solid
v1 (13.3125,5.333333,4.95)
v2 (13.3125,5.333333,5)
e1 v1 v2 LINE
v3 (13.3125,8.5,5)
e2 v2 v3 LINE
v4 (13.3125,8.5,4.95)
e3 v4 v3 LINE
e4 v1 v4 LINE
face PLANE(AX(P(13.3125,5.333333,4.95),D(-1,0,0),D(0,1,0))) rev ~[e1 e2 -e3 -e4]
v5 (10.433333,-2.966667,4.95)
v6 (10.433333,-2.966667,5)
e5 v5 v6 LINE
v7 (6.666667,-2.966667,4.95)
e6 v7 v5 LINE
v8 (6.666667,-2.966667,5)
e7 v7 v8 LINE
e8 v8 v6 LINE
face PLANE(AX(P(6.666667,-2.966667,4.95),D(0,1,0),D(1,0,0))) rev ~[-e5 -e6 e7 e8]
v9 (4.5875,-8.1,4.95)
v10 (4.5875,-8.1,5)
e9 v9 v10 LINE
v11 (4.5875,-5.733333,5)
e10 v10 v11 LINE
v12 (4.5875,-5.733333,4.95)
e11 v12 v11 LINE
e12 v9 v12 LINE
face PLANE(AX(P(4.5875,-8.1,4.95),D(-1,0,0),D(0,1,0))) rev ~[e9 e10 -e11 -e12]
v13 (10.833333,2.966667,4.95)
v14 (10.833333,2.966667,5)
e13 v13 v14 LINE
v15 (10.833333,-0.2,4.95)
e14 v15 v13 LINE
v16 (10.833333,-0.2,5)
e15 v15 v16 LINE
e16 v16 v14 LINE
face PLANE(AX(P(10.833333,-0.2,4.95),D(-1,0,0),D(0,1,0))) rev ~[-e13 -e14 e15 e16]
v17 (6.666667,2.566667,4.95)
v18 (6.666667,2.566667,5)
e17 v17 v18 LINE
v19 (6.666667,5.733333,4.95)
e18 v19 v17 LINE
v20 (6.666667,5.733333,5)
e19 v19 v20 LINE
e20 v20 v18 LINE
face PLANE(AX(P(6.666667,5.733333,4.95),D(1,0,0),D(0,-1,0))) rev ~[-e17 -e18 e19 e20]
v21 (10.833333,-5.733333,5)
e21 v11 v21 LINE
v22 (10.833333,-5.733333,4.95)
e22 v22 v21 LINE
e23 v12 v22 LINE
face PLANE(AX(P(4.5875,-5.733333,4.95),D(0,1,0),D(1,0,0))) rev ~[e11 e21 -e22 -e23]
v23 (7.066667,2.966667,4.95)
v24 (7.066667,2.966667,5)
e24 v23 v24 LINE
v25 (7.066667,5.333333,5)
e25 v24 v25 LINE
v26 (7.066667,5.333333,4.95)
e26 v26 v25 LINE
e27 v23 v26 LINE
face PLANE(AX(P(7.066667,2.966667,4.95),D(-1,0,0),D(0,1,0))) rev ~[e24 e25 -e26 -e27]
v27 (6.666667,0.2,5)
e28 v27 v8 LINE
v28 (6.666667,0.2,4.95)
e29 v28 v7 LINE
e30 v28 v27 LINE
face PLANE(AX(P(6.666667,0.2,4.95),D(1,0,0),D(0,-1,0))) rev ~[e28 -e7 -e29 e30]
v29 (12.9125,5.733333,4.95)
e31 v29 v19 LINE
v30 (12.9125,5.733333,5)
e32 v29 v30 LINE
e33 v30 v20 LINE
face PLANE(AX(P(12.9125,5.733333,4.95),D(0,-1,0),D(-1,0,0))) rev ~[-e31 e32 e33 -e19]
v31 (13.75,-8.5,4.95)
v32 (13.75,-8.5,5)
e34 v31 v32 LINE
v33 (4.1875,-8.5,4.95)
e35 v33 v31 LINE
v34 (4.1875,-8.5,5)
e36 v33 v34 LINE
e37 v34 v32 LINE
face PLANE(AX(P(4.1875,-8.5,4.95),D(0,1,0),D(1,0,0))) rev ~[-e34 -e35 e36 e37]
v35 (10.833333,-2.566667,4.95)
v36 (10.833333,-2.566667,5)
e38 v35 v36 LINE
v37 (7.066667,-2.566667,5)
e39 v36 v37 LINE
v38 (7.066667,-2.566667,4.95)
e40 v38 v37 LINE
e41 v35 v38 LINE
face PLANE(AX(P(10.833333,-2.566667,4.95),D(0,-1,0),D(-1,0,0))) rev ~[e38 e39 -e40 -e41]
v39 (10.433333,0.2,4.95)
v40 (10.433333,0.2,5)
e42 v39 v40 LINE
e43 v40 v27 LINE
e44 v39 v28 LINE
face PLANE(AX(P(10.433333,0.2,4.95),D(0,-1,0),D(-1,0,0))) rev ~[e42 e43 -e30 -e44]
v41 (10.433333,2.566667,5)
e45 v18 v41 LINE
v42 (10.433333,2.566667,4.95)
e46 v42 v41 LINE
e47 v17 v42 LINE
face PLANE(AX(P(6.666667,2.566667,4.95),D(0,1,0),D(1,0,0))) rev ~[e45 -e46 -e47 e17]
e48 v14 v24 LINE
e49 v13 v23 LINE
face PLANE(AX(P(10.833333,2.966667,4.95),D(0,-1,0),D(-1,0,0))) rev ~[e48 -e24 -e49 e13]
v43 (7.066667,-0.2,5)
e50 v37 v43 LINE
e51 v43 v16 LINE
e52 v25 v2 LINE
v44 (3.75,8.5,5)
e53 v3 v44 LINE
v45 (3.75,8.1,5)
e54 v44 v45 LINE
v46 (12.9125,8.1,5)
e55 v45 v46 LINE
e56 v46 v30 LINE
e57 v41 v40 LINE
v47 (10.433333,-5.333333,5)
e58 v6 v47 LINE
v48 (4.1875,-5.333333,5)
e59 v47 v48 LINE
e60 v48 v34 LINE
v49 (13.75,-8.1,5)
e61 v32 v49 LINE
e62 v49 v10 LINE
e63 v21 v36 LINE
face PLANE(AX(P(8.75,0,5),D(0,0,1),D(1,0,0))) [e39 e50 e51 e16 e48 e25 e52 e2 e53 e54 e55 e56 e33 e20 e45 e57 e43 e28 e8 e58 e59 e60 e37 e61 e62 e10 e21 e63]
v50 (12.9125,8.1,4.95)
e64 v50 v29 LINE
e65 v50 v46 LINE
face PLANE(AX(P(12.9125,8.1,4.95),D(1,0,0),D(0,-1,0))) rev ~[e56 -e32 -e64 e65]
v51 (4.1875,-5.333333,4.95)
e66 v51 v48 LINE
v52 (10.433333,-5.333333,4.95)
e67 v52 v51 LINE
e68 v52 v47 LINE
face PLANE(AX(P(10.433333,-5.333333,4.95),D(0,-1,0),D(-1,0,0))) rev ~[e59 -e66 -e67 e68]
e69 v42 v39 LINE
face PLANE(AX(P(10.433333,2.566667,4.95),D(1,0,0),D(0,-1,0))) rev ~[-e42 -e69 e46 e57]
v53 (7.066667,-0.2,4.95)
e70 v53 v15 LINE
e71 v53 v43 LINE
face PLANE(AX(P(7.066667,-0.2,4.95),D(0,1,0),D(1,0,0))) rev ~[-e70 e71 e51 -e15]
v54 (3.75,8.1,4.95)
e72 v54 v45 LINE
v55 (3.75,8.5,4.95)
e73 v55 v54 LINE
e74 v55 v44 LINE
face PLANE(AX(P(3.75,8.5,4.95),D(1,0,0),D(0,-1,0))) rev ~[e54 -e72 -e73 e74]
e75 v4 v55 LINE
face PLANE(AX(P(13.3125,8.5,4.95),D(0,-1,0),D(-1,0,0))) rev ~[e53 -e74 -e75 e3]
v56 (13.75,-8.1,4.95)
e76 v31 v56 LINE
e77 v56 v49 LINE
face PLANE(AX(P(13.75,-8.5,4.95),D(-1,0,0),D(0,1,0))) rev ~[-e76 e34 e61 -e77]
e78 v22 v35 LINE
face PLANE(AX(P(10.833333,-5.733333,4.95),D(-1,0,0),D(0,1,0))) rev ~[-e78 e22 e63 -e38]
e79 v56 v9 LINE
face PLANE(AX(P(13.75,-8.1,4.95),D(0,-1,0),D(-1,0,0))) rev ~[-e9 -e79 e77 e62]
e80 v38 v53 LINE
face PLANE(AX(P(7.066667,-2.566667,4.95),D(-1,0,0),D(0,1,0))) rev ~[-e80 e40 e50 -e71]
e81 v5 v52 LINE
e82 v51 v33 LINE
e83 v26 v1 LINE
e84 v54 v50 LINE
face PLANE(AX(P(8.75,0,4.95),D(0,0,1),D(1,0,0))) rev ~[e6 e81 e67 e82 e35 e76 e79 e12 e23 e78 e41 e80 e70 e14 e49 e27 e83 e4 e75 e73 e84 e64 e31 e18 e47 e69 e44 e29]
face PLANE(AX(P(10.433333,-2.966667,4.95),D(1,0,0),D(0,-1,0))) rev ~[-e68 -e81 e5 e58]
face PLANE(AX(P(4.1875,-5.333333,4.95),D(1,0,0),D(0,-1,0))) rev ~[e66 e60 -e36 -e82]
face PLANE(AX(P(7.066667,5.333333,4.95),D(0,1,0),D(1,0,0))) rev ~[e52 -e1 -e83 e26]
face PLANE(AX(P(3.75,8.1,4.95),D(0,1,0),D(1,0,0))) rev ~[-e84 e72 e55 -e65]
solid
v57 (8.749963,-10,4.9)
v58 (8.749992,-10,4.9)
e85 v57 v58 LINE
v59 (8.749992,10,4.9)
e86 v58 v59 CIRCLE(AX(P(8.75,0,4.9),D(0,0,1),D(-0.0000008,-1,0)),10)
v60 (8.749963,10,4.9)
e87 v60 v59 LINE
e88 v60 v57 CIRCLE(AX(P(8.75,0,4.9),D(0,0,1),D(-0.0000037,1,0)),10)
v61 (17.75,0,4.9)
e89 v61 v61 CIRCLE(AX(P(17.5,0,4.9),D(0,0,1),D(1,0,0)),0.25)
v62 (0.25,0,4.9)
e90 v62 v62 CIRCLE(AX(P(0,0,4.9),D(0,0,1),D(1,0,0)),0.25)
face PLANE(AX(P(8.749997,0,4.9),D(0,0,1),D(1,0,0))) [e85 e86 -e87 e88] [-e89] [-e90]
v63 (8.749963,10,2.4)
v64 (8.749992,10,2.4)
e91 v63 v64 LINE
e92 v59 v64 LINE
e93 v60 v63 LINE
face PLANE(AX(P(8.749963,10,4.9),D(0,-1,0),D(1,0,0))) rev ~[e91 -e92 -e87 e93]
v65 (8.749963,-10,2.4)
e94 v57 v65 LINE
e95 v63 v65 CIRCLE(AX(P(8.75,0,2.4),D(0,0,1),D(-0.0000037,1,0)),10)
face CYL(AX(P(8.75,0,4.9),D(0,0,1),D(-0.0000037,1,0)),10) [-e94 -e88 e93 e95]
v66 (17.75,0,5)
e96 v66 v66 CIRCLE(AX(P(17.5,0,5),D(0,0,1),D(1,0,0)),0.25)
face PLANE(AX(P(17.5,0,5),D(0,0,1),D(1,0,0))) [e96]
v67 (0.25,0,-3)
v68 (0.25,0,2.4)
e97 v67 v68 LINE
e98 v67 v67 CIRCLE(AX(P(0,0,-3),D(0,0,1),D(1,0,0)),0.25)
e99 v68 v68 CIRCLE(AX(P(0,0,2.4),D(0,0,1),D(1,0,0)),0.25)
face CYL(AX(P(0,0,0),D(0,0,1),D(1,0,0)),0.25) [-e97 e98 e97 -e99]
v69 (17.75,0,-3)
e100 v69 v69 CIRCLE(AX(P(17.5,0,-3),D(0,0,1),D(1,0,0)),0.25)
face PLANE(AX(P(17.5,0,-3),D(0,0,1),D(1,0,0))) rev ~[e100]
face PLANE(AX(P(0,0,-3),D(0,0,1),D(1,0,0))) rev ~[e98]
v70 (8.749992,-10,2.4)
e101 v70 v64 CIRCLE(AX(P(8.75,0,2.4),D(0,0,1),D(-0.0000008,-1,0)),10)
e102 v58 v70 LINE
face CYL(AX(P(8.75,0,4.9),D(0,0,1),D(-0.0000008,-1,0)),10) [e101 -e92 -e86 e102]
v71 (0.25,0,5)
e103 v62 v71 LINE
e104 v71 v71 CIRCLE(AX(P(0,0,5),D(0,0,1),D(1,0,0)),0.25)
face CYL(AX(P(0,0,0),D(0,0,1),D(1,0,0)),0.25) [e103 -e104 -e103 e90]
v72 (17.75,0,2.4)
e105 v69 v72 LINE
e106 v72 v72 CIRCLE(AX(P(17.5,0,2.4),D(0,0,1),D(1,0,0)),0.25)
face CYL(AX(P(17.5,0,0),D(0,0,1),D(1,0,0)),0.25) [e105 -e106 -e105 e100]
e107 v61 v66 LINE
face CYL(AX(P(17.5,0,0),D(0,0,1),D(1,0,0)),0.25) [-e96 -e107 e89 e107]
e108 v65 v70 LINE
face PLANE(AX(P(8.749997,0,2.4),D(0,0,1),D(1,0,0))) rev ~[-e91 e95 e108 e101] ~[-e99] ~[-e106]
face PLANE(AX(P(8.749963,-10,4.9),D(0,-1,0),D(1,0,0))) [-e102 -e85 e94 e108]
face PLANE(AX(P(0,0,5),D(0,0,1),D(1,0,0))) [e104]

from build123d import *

# Parameters (mm, degrees)
PAD001_DEPTH   = 2.5
SKETCH_R       = 0.25
PAD_DEPTH      = 5
PAD_DEPTH_BACK = 3
PAD002_DEPTH   = 0.05


with BuildPart() as pad001:
    # Sketch001 → Pad001 (new body)
    with BuildSketch(Plane.XY.offset(4.9)):
        with BuildLine():
            ThreePointArc((8.749963, 10), (-1.25, 0), (8.749963, -10))
            Line((8.749963, -10), (8.749992, -10))
            ThreePointArc((8.749992, -10), (18.75, 0), (8.749992, 10))
            Line((8.749963, 10), (8.749992, 10))
        make_face()
    extrude(amount=-PAD001_DEPTH)


with BuildPart() as pad:
    # Sketch → Pad (new body, two sides)
    with BuildSketch(Plane.XY) as pad_sk:
        Circle(SKETCH_R)
        with Locations((17.5, 0)):
            Circle(SKETCH_R)
    extrude(amount=PAD_DEPTH)
    extrude(pad_sk.sketch, amount=-PAD_DEPTH_BACK)


with BuildPart() as r_ldr_d20mm_p17_5mm_vertical:
    # Sketch002 → Pad002 (new body)
    with BuildSketch(Plane.XY.offset(4.95)):
        Polygon((3.75, 8.1), (12.9125, 8.1), (12.9125, 5.733333), (6.666667, 5.733333), (6.666667, 5.333333), (6.666667, 2.566667), (7.066667, 2.566667), (10.433333, 2.566667), (10.433333, 0.2), (6.666667, 0.2), (6.666667, -0.2), (6.666667, -2.966667), (7.066667, -2.966667), (10.433333, -2.966667), (10.433333, -5.333333), (4.1875, -5.333333), (4.1875, -5.733333), (4.1875, -8.5), (4.5875, -8.5), (13.75, -8.5), (13.75, -8.1), (4.5875, -8.1), (4.5875, -5.733333), (10.433333, -5.733333), (10.833333, -5.733333), (10.833333, -2.966667), (10.833333, -2.566667), (7.066667, -2.566667), (7.066667, -0.2), (10.433333, -0.2), (10.833333, -0.2), (10.833333, 2.566667), (10.833333, 2.966667), (7.066667, 2.966667), (7.066667, 5.333333), (12.9125, 5.333333), (13.3125, 5.333333), (13.3125, 8.1), (13.3125, 8.5), (3.75, 8.5), align=None)
    extrude(amount=PAD002_DEPTH)

    # Pad002_mp_cp: union Pad001, Pad
    add(pad001.part)
    add(pad.part)


solid = r_ldr_d20mm_p17_5mm_vertical.part
